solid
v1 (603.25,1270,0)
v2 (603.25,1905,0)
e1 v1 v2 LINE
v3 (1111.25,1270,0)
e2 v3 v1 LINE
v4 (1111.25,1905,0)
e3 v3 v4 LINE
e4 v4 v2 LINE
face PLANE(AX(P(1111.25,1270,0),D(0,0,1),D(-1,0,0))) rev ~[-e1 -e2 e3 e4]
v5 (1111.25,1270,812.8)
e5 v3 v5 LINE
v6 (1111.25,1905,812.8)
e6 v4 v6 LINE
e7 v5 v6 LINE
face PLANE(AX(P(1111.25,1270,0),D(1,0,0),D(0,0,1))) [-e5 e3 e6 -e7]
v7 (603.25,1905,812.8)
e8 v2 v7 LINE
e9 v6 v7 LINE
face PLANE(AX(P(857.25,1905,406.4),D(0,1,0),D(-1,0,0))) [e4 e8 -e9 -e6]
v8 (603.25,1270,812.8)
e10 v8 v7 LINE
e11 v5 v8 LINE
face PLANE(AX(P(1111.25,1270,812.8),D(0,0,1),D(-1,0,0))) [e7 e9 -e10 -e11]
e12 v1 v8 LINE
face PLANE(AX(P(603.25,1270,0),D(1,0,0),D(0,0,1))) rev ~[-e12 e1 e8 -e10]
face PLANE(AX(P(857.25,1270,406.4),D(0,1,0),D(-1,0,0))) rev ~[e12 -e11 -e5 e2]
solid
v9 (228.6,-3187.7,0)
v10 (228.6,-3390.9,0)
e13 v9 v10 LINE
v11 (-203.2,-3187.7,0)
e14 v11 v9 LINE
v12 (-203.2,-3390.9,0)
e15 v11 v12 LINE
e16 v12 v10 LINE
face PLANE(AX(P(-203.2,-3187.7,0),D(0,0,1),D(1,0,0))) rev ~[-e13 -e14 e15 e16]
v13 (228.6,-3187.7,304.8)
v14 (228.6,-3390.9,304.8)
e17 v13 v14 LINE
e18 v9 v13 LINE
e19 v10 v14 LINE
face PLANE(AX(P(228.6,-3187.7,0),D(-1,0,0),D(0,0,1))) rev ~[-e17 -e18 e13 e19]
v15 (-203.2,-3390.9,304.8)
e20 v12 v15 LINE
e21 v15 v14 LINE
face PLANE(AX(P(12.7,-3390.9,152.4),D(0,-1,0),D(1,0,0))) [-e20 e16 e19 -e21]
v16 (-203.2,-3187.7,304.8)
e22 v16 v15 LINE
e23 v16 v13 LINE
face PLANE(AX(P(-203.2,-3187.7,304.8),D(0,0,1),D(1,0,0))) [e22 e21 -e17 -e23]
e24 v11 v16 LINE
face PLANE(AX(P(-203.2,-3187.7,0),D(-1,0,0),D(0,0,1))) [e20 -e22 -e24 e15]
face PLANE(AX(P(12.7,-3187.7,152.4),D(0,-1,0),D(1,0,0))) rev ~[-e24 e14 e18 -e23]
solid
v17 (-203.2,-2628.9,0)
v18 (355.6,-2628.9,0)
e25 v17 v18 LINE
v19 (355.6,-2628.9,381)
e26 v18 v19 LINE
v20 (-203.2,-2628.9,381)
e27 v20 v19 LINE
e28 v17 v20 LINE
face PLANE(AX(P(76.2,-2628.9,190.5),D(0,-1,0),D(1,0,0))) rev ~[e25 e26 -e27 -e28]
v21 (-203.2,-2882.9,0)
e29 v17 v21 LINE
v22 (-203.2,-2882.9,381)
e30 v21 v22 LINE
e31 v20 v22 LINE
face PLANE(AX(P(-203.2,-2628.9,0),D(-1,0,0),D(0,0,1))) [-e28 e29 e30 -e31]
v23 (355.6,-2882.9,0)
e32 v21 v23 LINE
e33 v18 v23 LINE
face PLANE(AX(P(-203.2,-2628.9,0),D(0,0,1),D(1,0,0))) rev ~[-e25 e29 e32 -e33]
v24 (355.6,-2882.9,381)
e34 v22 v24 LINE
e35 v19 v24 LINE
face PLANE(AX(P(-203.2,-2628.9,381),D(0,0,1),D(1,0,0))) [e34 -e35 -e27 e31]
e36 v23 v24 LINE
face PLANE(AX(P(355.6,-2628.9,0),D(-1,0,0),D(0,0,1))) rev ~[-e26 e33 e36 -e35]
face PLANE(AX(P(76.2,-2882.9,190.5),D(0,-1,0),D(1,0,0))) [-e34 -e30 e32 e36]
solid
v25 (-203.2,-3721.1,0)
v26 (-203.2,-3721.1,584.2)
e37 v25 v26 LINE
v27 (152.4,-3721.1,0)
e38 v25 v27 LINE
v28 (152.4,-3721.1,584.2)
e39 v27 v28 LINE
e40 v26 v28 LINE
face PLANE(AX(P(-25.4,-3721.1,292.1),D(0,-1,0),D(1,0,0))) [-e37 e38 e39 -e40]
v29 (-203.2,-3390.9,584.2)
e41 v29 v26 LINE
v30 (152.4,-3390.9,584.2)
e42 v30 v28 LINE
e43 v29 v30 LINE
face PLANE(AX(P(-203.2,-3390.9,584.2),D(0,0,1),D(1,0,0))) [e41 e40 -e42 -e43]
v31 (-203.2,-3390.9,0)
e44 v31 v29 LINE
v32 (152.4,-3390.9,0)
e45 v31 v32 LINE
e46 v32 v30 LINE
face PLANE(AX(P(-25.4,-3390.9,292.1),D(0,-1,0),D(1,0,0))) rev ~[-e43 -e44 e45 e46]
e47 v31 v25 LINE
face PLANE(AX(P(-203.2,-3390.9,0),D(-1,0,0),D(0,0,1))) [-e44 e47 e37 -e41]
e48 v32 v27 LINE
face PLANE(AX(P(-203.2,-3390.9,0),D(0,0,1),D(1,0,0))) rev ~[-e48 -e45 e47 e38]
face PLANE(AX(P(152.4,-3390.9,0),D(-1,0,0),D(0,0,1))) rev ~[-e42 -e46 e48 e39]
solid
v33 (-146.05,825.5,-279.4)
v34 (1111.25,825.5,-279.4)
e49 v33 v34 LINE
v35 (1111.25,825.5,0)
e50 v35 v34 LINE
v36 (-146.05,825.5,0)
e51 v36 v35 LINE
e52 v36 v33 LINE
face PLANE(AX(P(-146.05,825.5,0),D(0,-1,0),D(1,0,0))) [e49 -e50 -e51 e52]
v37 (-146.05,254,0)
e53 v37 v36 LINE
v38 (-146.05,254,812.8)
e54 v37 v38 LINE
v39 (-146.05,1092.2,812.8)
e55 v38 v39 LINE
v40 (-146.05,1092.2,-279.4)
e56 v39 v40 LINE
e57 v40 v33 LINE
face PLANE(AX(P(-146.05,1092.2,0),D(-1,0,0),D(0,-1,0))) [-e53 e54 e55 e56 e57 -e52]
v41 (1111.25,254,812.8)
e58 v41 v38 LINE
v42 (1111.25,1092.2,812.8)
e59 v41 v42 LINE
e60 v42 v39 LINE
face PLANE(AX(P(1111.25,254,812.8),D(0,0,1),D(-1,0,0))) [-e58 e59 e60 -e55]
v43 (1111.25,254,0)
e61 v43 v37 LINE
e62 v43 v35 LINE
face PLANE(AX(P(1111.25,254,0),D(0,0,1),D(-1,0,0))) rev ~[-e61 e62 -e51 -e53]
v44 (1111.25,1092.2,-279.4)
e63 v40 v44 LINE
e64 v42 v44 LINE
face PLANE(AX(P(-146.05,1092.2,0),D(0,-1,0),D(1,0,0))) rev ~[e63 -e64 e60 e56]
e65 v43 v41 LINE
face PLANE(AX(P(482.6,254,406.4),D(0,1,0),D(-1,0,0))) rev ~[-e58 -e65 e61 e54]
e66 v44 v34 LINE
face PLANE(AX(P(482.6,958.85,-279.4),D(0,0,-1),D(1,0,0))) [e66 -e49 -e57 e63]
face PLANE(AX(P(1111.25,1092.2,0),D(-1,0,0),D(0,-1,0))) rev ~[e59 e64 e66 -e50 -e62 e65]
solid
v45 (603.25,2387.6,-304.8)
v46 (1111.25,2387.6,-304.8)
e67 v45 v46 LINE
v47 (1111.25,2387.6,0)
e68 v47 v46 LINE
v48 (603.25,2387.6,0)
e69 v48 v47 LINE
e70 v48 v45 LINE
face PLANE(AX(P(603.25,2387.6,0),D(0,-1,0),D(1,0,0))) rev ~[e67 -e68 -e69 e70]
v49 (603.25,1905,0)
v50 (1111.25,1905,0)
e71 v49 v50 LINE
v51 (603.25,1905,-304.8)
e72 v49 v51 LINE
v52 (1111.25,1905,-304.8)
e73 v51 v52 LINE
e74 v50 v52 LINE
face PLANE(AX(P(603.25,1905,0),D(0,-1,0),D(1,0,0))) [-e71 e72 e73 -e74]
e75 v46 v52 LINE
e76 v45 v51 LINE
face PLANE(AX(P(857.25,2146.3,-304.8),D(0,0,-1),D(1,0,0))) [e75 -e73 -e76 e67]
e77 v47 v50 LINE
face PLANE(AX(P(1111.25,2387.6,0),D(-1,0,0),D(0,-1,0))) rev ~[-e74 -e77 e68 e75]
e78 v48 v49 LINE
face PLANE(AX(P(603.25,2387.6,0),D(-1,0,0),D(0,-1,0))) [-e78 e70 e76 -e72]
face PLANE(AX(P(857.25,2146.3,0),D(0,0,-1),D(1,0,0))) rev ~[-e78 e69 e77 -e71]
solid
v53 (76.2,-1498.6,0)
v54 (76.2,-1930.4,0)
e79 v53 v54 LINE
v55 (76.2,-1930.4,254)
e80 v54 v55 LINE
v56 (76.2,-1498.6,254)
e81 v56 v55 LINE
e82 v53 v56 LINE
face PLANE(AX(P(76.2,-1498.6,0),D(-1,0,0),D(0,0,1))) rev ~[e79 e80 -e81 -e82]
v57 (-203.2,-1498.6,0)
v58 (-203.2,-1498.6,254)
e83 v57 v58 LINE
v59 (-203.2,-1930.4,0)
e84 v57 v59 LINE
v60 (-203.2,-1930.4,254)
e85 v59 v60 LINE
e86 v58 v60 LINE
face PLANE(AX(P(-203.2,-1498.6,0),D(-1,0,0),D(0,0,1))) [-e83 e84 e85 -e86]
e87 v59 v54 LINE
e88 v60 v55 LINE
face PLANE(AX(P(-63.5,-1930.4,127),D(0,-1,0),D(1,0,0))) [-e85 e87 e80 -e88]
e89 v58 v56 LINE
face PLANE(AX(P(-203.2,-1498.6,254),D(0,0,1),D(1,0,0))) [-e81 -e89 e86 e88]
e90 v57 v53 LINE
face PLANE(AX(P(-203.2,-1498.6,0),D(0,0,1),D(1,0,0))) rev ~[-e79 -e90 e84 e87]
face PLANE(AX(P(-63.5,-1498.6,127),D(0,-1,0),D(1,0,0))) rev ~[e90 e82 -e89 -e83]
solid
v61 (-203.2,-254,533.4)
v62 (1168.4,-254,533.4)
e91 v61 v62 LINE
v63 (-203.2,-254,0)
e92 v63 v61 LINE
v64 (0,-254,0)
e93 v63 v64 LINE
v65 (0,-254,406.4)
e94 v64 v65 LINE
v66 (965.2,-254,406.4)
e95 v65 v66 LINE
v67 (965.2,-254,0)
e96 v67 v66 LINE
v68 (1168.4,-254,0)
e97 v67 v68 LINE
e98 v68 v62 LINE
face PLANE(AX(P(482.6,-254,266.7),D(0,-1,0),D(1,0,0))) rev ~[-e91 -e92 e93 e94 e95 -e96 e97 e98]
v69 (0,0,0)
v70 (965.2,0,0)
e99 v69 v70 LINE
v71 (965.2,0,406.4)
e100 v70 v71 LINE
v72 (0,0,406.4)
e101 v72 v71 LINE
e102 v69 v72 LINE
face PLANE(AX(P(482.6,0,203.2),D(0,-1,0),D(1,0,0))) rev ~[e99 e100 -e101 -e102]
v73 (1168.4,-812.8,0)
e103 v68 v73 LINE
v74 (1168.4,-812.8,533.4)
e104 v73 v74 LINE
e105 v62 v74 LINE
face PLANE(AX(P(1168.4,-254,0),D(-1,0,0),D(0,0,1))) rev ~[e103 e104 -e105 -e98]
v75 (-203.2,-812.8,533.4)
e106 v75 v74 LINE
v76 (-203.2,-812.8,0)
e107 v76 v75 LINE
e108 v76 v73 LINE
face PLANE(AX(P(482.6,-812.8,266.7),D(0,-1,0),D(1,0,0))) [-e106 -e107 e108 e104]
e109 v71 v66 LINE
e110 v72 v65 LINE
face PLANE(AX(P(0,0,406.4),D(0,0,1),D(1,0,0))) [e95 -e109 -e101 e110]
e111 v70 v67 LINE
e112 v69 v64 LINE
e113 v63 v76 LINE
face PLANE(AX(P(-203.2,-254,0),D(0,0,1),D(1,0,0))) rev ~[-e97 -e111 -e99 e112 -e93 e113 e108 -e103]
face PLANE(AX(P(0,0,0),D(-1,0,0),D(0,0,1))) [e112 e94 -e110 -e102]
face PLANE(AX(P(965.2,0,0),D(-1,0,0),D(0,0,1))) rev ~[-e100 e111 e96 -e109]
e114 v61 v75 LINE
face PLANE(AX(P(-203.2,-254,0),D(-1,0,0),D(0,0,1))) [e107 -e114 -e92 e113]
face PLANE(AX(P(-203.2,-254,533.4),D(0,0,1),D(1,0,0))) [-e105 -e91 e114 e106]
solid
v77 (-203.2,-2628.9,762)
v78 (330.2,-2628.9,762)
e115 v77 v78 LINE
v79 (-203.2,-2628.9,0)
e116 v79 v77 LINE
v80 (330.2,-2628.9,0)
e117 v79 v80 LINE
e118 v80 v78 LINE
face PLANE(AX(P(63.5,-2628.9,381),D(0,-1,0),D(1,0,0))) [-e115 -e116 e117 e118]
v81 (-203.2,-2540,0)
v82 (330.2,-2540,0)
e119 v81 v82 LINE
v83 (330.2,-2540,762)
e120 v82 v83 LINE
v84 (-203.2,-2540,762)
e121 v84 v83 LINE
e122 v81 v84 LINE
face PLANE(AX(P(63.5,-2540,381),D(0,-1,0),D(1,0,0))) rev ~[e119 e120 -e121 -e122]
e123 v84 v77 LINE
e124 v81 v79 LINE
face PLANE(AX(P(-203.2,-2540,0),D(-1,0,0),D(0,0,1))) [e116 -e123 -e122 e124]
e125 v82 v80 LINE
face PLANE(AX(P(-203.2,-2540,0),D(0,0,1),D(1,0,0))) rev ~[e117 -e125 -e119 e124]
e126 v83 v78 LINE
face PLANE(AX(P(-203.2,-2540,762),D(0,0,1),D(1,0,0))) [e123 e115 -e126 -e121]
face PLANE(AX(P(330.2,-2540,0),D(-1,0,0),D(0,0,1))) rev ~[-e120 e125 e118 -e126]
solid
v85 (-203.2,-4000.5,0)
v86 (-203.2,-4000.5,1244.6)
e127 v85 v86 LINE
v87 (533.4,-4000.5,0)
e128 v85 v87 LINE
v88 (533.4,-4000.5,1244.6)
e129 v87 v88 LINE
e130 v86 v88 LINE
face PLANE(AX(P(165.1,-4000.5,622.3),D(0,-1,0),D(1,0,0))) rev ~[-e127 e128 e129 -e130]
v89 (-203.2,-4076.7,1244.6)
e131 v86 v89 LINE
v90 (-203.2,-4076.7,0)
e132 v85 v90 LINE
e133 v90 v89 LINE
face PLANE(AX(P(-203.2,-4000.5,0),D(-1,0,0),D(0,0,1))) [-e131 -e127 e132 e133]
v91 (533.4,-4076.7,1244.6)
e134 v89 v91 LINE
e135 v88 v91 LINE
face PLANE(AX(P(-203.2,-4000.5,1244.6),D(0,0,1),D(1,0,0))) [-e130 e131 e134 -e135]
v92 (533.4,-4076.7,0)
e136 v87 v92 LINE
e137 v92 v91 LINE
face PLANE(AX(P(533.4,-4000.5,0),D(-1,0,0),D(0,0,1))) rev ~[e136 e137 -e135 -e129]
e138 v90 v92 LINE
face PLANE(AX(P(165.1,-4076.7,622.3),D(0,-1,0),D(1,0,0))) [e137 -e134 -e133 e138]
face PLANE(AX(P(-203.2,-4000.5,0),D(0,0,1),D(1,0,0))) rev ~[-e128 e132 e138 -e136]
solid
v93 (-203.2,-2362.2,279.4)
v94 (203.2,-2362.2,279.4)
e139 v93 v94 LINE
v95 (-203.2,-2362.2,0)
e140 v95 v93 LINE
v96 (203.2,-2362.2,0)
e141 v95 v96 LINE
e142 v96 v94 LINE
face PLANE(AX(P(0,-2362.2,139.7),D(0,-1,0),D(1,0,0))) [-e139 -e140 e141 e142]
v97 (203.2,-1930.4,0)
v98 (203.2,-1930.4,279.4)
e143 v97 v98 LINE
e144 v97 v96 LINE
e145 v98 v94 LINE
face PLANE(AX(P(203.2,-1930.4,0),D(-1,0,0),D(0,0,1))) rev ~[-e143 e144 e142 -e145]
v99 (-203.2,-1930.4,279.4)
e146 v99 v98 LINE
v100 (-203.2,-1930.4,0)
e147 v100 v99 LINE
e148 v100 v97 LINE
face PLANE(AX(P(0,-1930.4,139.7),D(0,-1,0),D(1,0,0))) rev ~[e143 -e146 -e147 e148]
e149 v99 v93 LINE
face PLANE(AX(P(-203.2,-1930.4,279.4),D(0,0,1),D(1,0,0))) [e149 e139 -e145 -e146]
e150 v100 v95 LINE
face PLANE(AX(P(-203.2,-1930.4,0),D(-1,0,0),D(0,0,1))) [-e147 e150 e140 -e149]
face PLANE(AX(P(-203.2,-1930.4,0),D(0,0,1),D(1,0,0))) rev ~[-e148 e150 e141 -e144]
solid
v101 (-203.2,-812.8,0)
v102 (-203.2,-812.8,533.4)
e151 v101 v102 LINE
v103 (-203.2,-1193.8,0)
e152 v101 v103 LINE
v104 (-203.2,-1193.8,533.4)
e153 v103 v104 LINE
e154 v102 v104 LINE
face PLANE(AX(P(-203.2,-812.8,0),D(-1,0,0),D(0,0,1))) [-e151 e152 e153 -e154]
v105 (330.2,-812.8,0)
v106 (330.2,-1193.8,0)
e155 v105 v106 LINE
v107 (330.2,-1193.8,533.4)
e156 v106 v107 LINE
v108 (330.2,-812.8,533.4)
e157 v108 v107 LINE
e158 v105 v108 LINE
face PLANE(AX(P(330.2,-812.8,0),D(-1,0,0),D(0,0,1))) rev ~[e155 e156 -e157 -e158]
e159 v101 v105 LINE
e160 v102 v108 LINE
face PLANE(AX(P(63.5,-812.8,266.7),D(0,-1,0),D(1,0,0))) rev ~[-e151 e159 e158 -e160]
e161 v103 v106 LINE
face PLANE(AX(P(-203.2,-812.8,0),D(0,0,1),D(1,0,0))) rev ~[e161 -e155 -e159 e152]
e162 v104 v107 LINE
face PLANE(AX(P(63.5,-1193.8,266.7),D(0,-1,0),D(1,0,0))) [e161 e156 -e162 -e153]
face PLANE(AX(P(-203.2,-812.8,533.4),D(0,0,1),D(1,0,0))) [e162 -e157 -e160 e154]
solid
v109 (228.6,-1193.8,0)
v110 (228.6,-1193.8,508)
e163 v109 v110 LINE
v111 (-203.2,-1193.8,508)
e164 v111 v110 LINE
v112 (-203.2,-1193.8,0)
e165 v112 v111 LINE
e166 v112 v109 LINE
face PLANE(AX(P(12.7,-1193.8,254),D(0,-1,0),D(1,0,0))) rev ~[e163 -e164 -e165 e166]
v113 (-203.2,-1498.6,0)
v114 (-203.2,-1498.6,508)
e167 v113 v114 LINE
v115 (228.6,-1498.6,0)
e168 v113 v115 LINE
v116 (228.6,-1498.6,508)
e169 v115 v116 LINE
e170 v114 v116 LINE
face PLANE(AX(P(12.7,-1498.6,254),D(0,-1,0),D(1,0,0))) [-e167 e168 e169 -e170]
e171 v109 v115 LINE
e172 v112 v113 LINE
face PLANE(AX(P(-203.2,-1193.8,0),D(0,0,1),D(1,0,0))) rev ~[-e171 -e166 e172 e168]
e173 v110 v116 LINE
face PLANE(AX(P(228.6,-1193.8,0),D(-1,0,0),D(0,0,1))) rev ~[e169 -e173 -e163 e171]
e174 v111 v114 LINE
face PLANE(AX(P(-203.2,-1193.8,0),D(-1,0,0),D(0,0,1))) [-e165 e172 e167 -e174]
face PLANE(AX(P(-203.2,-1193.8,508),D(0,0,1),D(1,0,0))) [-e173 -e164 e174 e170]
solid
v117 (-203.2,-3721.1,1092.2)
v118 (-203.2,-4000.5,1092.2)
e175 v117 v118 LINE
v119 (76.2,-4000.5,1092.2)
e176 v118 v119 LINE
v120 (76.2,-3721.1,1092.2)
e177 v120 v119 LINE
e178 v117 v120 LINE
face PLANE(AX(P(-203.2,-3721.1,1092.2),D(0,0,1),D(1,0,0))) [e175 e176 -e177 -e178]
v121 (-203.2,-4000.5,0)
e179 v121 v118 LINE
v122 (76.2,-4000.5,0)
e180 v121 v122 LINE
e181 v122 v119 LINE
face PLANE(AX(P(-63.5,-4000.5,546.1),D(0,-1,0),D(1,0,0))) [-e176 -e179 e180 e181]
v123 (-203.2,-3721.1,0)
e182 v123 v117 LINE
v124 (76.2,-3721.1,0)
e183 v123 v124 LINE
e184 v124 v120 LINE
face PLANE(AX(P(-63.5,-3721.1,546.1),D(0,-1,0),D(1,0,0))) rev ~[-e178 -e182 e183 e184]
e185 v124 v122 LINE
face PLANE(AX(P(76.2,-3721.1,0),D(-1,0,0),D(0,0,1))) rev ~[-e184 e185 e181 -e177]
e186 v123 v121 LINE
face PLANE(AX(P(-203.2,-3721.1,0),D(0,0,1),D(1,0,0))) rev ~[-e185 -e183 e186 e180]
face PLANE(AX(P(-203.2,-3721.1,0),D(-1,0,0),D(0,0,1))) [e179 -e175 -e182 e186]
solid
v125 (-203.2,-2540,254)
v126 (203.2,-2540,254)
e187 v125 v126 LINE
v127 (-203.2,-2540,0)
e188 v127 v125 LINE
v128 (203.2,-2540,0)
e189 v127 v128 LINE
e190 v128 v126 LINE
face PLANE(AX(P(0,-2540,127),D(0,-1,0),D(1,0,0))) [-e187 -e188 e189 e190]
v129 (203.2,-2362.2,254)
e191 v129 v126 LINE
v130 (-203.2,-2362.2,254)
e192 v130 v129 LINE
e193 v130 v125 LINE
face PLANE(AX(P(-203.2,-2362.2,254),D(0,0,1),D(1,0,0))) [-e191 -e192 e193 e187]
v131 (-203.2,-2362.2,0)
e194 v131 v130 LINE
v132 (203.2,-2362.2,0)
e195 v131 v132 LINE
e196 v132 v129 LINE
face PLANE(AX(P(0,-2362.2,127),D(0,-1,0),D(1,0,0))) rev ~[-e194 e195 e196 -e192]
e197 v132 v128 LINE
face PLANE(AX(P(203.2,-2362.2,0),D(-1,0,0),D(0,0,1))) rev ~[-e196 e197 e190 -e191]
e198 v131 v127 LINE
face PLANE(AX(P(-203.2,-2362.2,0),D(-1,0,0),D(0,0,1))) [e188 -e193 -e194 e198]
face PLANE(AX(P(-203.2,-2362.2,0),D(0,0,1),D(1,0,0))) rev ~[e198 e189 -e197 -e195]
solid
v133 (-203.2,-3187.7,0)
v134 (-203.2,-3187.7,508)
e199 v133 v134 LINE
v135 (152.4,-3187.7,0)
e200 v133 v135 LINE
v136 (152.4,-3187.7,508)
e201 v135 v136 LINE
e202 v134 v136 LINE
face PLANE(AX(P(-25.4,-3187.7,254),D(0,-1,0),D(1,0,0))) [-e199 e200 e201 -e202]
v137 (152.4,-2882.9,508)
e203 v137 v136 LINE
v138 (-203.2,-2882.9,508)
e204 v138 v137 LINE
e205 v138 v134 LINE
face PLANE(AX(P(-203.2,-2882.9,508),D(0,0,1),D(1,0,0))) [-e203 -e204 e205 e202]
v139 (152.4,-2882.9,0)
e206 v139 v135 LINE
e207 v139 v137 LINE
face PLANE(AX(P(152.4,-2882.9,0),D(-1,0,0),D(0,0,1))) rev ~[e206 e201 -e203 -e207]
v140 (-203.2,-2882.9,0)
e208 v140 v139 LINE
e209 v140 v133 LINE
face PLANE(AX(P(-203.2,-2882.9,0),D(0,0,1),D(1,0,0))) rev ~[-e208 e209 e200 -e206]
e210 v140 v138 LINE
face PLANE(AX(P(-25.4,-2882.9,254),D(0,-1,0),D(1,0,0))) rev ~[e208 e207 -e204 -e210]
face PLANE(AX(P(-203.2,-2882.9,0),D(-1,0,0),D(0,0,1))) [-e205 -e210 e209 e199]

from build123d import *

# Parameters (mm, degrees)
F0_W      = 965.2
F0_H      = 406.4
F1_DEPTH  = 254
F2_W      = 1371.6
F2_H      = 533.4
F3_DEPTH  = 558.8
F5_W      = 1257.3
F5_H      = 812.8
F6_DEPTH  = 838.2
F7_W      = 1257.3
F7_H      = 266.7
F8_DEPTH  = 279.4
F10_W     = 508
F10_H     = 812.8
F11_DEPTH = 635
F12_W     = 508
F12_H     = 482.6
F13_DEPTH = 304.8
F14_W     = 533.4
F14_H     = 533.4
F15_DEPTH = 381
F16_W     = 431.8
F16_H     = 508
F17_DEPTH = 304.8
F18_W     = 279.4
F18_H     = 254
F19_DEPTH = 431.8
F20_W     = 406.4
F20_H     = 279.4
F21_DEPTH = 431.8
F22_W     = 406.4
F22_H     = 254
F23_DEPTH = 177.8
F24_W     = 533.4
F24_H     = 762
F25_DEPTH = 88.9
F26_W     = 558.8
F26_H     = 381
F27_DEPTH = 254
F28_W     = 355.6
F28_H     = 508
F29_DEPTH = 304.8
F30_W     = 431.8
F30_H     = 304.8
F31_DEPTH = 203.2
F32_W     = 355.6
F32_H     = 584.2
F33_DEPTH = 330.2
F34_W     = 279.4
F34_H     = 1092.2
F35_DEPTH = 279.4
F36_W     = 736.6
F36_H     = 1244.6
F37_DEPTH = 76.2


with BuildPart() as f1:
    # F0 (on Front) → F1 (new body)
    with BuildSketch(Plane.XZ):
        with Locations((482.6, 203.2)):
            Rectangle(F0_W, F0_H)
    extrude(amount=F1_DEPTH)

    # F2 (on face) → F3 (join)
    with BuildSketch(Plane.XZ.offset(254)):
        with Locations((482.6, 266.7)):
            Rectangle(F2_W, F2_H)
    extrude(amount=F3_DEPTH)


with BuildPart() as f6:
    # F5 (on offset) → F6 (new body)
    with BuildSketch(Plane(origin=(0, 254, 0), x_dir=(-1, 0, 0), z_dir=(0, 1, 0))):
        with Locations((-482.6, 406.4)):
            Rectangle(F5_W, F5_H)
    extrude(amount=F6_DEPTH)

    # F7 (on face) → F8 (join)
    with BuildSketch(Plane(origin=(0, 0, 0), x_dir=(1, 0, 0), z_dir=(0, 0, -1))):
        with Locations((482.6, -958.85)):
            Rectangle(F7_W, F7_H)
    extrude(amount=F8_DEPTH)


with BuildPart() as f11:
    # F10 (on offset) → F11 (new body)
    with BuildSketch(Plane(origin=(0, 1270, 0), x_dir=(-1, 0, 0), z_dir=(0, 1, 0))):
        with Locations((-857.25, 406.4)):
            Rectangle(F10_W, F10_H)
    extrude(amount=F11_DEPTH)


with BuildPart() as f13:
    # F12 (on face) → F13 (new body)
    with BuildSketch(Plane(origin=(0, 0, 0), x_dir=(1, 0, 0), z_dir=(0, 0, -1))):
        with Locations((857.25, -2146.3)):
            Rectangle(F12_W, F12_H)
    extrude(amount=F13_DEPTH)


with BuildPart() as f15:
    # F14 (on face) → F15 (new body)
    with BuildSketch(Plane.XZ.offset(812.8)):
        with Locations((63.5, 266.7)):
            Rectangle(F14_W, F14_H)
    extrude(amount=F15_DEPTH)


with BuildPart() as f17:
    # F16 (on face) → F17 (new body)
    with BuildSketch(Plane.XZ.offset(1193.8)):
        with Locations((12.7, 254)):
            Rectangle(F16_W, F16_H)
    extrude(amount=F17_DEPTH)


with BuildPart() as f19:
    # F18 (on face) → F19 (new body)
    with BuildSketch(Plane.XZ.offset(1498.6)):
        with Locations((-63.5, 127)):
            Rectangle(F18_W, F18_H)
    extrude(amount=F19_DEPTH)


with BuildPart() as f21:
    # F20 (on face) → F21 (new body)
    with BuildSketch(Plane.XZ.offset(1930.4)):
        with Locations((0, 139.7)):
            Rectangle(F20_W, F20_H)
    extrude(amount=F21_DEPTH)


with BuildPart() as f23:
    # F22 (on face) → F23 (new body)
    with BuildSketch(Plane.XZ.offset(2362.2)):
        with Locations((0, 127)):
            Rectangle(F22_W, F22_H)
    extrude(amount=F23_DEPTH)


with BuildPart() as f25:
    # F24 (on face) → F25 (new body)
    with BuildSketch(Plane.XZ.offset(2540)):
        with Locations((63.5, 381)):
            Rectangle(F24_W, F24_H)
    extrude(amount=F25_DEPTH)


with BuildPart() as f27:
    # F26 (on face) → F27 (new body)
    with BuildSketch(Plane.XZ.offset(2628.9)):
        with Locations((76.2, 190.5)):
            Rectangle(F26_W, F26_H)
    extrude(amount=F27_DEPTH)


with BuildPart() as f29:
    # F28 (on face) → F29 (new body)
    with BuildSketch(Plane.XZ.offset(2882.9)):
        with Locations((-25.4, 254)):
            Rectangle(F28_W, F28_H)
    extrude(amount=F29_DEPTH)


with BuildPart() as f31:
    # F30 (on face) → F31 (new body)
    with BuildSketch(Plane.XZ.offset(3187.7)):
        with Locations((12.7, 152.4)):
            Rectangle(F30_W, F30_H)
    extrude(amount=F31_DEPTH)


with BuildPart() as f33:
    # F32 (on face) → F33 (new body)
    with BuildSketch(Plane.XZ.offset(3390.9)):
        with Locations((-25.4, 292.1)):
            Rectangle(F32_W, F32_H)
    extrude(amount=F33_DEPTH)


with BuildPart() as f35:
    # F34 (on face) → F35 (new body)
    with BuildSketch(Plane.XZ.offset(3721.1)):
        with Locations((-63.5, 546.1)):
            Rectangle(F34_W, F34_H)
    extrude(amount=F35_DEPTH)


with BuildPart() as f37:
    # F36 (on face) → F37 (new body)
    with BuildSketch(Plane.XZ.offset(4000.5)):
        with Locations((165.1, 622.3)):
            Rectangle(F36_W, F36_H)
    extrude(amount=F37_DEPTH)


solid = Compound([f1.part, f6.part, f11.part, f13.part, f15.part, f17.part, f19.part, f21.part, f23.part, f25.part, f27.part, f29.part, f31.part, f33.part, f35.part, f37.part])
